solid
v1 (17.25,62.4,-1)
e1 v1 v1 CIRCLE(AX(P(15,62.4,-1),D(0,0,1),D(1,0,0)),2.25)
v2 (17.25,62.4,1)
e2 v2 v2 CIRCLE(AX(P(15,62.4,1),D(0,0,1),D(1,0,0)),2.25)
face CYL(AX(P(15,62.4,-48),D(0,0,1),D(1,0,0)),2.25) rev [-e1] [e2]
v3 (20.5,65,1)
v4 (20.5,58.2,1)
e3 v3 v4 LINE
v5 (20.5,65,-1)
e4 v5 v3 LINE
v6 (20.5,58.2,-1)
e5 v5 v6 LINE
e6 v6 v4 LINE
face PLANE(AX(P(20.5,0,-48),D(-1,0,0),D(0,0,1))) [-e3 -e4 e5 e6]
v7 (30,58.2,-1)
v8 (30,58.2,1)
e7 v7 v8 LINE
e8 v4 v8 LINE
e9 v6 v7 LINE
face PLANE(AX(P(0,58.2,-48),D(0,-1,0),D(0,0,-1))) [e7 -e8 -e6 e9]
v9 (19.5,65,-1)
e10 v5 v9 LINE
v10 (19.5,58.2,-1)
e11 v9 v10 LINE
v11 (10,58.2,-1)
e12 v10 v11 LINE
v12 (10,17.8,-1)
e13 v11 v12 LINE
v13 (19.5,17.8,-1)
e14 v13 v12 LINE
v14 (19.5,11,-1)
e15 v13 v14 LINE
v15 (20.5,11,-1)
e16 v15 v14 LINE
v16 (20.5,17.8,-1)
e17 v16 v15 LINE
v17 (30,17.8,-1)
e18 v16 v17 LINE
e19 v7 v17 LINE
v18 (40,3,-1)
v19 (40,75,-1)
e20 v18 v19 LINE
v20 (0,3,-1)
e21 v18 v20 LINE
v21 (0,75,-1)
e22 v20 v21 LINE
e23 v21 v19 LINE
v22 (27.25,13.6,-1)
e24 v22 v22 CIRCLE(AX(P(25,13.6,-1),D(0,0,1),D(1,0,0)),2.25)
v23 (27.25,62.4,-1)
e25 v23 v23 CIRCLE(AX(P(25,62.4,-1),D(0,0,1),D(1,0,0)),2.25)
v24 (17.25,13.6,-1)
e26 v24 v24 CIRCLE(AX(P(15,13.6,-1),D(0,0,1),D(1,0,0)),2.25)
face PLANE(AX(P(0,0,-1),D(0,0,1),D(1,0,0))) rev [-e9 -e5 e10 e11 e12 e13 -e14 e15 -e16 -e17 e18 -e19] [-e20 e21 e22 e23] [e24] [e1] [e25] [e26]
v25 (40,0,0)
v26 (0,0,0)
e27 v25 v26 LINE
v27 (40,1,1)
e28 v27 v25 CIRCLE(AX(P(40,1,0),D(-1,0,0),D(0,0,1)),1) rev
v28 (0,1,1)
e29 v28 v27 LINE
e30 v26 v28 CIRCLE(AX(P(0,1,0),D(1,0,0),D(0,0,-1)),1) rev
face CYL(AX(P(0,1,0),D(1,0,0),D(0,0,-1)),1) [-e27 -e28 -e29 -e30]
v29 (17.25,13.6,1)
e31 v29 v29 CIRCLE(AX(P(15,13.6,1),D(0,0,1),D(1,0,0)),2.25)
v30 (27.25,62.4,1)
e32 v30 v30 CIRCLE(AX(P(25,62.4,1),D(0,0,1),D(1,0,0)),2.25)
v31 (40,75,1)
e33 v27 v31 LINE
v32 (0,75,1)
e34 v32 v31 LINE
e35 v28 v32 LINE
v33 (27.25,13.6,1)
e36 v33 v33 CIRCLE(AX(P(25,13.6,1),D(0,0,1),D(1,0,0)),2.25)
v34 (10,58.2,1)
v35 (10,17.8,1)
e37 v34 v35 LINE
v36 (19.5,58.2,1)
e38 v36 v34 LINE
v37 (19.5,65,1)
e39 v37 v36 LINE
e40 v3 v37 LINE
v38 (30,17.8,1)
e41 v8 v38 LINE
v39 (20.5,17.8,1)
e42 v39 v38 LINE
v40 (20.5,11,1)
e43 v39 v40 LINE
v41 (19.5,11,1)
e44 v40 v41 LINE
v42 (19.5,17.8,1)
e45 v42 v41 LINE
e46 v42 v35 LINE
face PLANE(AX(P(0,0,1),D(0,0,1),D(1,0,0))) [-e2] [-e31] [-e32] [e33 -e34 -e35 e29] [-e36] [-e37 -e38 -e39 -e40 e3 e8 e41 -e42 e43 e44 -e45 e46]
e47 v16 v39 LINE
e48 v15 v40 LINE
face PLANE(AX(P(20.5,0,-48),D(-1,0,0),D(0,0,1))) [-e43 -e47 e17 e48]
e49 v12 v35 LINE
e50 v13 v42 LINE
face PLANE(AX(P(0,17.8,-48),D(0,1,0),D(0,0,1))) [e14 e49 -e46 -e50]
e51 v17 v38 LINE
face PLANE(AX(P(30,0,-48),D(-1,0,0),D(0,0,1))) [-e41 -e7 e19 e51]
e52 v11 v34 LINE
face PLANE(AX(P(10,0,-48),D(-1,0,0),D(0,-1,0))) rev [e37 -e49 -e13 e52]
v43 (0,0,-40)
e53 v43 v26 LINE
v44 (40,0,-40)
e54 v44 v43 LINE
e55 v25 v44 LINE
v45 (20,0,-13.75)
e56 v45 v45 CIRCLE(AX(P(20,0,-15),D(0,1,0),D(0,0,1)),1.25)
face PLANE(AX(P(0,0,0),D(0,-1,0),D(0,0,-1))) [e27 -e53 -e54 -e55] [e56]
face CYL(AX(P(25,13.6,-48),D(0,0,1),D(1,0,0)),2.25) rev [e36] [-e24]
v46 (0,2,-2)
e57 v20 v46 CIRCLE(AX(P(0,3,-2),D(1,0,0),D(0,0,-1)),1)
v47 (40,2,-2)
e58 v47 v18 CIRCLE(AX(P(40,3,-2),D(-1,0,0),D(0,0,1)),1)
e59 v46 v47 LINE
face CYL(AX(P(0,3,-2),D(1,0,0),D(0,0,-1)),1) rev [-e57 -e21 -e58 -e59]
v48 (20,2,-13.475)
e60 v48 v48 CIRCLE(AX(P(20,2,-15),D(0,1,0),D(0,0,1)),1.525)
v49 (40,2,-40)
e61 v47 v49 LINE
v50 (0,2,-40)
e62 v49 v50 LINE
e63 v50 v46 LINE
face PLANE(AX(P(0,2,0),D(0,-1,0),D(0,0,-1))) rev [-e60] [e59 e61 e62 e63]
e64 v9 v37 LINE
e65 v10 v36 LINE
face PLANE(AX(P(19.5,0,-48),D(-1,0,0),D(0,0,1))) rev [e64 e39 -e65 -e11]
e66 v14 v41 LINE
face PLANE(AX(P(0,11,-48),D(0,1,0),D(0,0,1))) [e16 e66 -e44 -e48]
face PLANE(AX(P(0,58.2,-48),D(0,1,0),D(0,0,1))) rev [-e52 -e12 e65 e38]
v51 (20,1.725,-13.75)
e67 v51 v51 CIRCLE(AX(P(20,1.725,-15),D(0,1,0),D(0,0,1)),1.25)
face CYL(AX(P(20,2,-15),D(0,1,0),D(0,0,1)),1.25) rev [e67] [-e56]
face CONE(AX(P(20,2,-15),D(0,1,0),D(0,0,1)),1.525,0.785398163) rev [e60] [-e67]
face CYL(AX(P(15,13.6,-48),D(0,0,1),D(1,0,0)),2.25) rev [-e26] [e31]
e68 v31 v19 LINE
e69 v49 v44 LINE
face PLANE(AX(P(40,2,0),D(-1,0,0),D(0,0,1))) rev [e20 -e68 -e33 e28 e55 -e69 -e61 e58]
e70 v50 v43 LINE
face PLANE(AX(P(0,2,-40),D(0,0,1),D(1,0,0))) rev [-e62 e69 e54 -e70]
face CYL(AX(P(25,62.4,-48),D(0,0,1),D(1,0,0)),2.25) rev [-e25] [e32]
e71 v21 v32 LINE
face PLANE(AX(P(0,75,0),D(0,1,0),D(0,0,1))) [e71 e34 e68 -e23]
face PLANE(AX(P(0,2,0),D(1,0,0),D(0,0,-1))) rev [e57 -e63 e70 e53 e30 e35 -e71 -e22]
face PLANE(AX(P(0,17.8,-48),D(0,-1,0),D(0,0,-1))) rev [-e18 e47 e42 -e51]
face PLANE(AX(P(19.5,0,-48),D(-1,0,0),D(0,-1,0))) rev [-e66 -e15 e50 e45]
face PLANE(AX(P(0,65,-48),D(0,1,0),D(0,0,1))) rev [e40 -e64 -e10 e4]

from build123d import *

# Parameters (mm, degrees)
SKETCH1_W                   = 40
SKETCH1_H                   = 40
BOSS_EXTRUDE1_DEPTH         = 2
BOSS_EXTRUDE2_DEPTH         = 73
BOSS_EXTRUDE2_DEPTH_BACK    = 2
SKETCH2_W                   = 40
SKETCH2_H                   = 1
FILLET1_R                   = 1
SKETCH4_R                   = 2.25
SKETCH4_W                   = 0.5
SKETCH4_H                   = 6.8
CUT_EXTRUDE1_DEPTH          = 49
M3_TAPPED_HOLE1_D           = 2.5
M3_TAPPED_HOLE1_CSINK_D     = 3.05
M3_TAPPED_HOLE1_CSINK_ANGLE = 90


with BuildPart() as part:
    # Sketch1 → Boss-Extrude1 (new body)
    with BuildSketch(Plane(origin=(0, 0, 0), x_dir=(1, 0, 0), z_dir=(0, 1, 0))):
        with Locations((20, 20)):
            Rectangle(SKETCH1_W, SKETCH1_H)
    extrude(amount=BOSS_EXTRUDE1_DEPTH)

    # Sketch2 → Boss-Extrude2 (add, two sides: drawn at the far end of the back side and taken through both)
    with BuildSketch(Plane(origin=(0, 2, 0), x_dir=(1, 0, 0), z_dir=(0, 1, 0)).offset(-BOSS_EXTRUDE2_DEPTH_BACK)):
        with Locations((20, 0.5)):
            Rectangle(SKETCH2_W, SKETCH2_H)
        with Locations((20, -0.5)):
            Rectangle(SKETCH2_W, SKETCH2_H)
    extrude(amount=BOSS_EXTRUDE2_DEPTH + BOSS_EXTRUDE2_DEPTH_BACK)

    # Fillet1
    fillet1_edges = [part.edges().sort_by_distance(p)[0] for p in [
        (20, 2, -1),
        (20, 0, 1),
    ]]
    fillet(fillet1_edges, radius=FILLET1_R)

    # Sketch4 → Cut-Extrude1 (cut)
    with BuildSketch(Plane.XY.offset(1)):
        with Locations((15, 62.4)):
            Circle(SKETCH4_R)
        with Locations((19.75, 61.6)):
            Rectangle(SKETCH4_W, SKETCH4_H)
        with Locations((20.25, 61.6)):
            Rectangle(SKETCH4_W, SKETCH4_H)
        with Locations((25, 62.4)):
            Circle(SKETCH4_R)
        Polygon((20.5, 58.2), (20, 58.2), (20, 17.8), (20.5, 17.8), (30, 17.8), (30, 58.2), align=None)
        Polygon((20, 17.8), (20, 58.2), (19.5, 58.2), (10, 58.2), (10, 17.8), (19.5, 17.8), align=None)
        with Locations((19.75, 14.4)):
            Rectangle(SKETCH4_W, SKETCH4_H)
        with Locations((15, 13.6)):
            Circle(SKETCH4_R)
        with Locations((20.25, 14.4)):
            Rectangle(SKETCH4_W, SKETCH4_H)
        with Locations((25, 13.6)):
            Circle(SKETCH4_R)
    extrude(amount=-CUT_EXTRUDE1_DEPTH, mode=Mode.SUBTRACT)

    # M3 Tapped Hole1 (through all)
    with Locations(Plane(origin=(0, 2, 0), x_dir=(1, 0, 0), z_dir=(0, 1, 0))):
        with Locations((20, 15)):
            CounterSinkHole(M3_TAPPED_HOLE1_D / 2, M3_TAPPED_HOLE1_CSINK_D / 2, counter_sink_angle=M3_TAPPED_HOLE1_CSINK_ANGLE)


solid = part.part
